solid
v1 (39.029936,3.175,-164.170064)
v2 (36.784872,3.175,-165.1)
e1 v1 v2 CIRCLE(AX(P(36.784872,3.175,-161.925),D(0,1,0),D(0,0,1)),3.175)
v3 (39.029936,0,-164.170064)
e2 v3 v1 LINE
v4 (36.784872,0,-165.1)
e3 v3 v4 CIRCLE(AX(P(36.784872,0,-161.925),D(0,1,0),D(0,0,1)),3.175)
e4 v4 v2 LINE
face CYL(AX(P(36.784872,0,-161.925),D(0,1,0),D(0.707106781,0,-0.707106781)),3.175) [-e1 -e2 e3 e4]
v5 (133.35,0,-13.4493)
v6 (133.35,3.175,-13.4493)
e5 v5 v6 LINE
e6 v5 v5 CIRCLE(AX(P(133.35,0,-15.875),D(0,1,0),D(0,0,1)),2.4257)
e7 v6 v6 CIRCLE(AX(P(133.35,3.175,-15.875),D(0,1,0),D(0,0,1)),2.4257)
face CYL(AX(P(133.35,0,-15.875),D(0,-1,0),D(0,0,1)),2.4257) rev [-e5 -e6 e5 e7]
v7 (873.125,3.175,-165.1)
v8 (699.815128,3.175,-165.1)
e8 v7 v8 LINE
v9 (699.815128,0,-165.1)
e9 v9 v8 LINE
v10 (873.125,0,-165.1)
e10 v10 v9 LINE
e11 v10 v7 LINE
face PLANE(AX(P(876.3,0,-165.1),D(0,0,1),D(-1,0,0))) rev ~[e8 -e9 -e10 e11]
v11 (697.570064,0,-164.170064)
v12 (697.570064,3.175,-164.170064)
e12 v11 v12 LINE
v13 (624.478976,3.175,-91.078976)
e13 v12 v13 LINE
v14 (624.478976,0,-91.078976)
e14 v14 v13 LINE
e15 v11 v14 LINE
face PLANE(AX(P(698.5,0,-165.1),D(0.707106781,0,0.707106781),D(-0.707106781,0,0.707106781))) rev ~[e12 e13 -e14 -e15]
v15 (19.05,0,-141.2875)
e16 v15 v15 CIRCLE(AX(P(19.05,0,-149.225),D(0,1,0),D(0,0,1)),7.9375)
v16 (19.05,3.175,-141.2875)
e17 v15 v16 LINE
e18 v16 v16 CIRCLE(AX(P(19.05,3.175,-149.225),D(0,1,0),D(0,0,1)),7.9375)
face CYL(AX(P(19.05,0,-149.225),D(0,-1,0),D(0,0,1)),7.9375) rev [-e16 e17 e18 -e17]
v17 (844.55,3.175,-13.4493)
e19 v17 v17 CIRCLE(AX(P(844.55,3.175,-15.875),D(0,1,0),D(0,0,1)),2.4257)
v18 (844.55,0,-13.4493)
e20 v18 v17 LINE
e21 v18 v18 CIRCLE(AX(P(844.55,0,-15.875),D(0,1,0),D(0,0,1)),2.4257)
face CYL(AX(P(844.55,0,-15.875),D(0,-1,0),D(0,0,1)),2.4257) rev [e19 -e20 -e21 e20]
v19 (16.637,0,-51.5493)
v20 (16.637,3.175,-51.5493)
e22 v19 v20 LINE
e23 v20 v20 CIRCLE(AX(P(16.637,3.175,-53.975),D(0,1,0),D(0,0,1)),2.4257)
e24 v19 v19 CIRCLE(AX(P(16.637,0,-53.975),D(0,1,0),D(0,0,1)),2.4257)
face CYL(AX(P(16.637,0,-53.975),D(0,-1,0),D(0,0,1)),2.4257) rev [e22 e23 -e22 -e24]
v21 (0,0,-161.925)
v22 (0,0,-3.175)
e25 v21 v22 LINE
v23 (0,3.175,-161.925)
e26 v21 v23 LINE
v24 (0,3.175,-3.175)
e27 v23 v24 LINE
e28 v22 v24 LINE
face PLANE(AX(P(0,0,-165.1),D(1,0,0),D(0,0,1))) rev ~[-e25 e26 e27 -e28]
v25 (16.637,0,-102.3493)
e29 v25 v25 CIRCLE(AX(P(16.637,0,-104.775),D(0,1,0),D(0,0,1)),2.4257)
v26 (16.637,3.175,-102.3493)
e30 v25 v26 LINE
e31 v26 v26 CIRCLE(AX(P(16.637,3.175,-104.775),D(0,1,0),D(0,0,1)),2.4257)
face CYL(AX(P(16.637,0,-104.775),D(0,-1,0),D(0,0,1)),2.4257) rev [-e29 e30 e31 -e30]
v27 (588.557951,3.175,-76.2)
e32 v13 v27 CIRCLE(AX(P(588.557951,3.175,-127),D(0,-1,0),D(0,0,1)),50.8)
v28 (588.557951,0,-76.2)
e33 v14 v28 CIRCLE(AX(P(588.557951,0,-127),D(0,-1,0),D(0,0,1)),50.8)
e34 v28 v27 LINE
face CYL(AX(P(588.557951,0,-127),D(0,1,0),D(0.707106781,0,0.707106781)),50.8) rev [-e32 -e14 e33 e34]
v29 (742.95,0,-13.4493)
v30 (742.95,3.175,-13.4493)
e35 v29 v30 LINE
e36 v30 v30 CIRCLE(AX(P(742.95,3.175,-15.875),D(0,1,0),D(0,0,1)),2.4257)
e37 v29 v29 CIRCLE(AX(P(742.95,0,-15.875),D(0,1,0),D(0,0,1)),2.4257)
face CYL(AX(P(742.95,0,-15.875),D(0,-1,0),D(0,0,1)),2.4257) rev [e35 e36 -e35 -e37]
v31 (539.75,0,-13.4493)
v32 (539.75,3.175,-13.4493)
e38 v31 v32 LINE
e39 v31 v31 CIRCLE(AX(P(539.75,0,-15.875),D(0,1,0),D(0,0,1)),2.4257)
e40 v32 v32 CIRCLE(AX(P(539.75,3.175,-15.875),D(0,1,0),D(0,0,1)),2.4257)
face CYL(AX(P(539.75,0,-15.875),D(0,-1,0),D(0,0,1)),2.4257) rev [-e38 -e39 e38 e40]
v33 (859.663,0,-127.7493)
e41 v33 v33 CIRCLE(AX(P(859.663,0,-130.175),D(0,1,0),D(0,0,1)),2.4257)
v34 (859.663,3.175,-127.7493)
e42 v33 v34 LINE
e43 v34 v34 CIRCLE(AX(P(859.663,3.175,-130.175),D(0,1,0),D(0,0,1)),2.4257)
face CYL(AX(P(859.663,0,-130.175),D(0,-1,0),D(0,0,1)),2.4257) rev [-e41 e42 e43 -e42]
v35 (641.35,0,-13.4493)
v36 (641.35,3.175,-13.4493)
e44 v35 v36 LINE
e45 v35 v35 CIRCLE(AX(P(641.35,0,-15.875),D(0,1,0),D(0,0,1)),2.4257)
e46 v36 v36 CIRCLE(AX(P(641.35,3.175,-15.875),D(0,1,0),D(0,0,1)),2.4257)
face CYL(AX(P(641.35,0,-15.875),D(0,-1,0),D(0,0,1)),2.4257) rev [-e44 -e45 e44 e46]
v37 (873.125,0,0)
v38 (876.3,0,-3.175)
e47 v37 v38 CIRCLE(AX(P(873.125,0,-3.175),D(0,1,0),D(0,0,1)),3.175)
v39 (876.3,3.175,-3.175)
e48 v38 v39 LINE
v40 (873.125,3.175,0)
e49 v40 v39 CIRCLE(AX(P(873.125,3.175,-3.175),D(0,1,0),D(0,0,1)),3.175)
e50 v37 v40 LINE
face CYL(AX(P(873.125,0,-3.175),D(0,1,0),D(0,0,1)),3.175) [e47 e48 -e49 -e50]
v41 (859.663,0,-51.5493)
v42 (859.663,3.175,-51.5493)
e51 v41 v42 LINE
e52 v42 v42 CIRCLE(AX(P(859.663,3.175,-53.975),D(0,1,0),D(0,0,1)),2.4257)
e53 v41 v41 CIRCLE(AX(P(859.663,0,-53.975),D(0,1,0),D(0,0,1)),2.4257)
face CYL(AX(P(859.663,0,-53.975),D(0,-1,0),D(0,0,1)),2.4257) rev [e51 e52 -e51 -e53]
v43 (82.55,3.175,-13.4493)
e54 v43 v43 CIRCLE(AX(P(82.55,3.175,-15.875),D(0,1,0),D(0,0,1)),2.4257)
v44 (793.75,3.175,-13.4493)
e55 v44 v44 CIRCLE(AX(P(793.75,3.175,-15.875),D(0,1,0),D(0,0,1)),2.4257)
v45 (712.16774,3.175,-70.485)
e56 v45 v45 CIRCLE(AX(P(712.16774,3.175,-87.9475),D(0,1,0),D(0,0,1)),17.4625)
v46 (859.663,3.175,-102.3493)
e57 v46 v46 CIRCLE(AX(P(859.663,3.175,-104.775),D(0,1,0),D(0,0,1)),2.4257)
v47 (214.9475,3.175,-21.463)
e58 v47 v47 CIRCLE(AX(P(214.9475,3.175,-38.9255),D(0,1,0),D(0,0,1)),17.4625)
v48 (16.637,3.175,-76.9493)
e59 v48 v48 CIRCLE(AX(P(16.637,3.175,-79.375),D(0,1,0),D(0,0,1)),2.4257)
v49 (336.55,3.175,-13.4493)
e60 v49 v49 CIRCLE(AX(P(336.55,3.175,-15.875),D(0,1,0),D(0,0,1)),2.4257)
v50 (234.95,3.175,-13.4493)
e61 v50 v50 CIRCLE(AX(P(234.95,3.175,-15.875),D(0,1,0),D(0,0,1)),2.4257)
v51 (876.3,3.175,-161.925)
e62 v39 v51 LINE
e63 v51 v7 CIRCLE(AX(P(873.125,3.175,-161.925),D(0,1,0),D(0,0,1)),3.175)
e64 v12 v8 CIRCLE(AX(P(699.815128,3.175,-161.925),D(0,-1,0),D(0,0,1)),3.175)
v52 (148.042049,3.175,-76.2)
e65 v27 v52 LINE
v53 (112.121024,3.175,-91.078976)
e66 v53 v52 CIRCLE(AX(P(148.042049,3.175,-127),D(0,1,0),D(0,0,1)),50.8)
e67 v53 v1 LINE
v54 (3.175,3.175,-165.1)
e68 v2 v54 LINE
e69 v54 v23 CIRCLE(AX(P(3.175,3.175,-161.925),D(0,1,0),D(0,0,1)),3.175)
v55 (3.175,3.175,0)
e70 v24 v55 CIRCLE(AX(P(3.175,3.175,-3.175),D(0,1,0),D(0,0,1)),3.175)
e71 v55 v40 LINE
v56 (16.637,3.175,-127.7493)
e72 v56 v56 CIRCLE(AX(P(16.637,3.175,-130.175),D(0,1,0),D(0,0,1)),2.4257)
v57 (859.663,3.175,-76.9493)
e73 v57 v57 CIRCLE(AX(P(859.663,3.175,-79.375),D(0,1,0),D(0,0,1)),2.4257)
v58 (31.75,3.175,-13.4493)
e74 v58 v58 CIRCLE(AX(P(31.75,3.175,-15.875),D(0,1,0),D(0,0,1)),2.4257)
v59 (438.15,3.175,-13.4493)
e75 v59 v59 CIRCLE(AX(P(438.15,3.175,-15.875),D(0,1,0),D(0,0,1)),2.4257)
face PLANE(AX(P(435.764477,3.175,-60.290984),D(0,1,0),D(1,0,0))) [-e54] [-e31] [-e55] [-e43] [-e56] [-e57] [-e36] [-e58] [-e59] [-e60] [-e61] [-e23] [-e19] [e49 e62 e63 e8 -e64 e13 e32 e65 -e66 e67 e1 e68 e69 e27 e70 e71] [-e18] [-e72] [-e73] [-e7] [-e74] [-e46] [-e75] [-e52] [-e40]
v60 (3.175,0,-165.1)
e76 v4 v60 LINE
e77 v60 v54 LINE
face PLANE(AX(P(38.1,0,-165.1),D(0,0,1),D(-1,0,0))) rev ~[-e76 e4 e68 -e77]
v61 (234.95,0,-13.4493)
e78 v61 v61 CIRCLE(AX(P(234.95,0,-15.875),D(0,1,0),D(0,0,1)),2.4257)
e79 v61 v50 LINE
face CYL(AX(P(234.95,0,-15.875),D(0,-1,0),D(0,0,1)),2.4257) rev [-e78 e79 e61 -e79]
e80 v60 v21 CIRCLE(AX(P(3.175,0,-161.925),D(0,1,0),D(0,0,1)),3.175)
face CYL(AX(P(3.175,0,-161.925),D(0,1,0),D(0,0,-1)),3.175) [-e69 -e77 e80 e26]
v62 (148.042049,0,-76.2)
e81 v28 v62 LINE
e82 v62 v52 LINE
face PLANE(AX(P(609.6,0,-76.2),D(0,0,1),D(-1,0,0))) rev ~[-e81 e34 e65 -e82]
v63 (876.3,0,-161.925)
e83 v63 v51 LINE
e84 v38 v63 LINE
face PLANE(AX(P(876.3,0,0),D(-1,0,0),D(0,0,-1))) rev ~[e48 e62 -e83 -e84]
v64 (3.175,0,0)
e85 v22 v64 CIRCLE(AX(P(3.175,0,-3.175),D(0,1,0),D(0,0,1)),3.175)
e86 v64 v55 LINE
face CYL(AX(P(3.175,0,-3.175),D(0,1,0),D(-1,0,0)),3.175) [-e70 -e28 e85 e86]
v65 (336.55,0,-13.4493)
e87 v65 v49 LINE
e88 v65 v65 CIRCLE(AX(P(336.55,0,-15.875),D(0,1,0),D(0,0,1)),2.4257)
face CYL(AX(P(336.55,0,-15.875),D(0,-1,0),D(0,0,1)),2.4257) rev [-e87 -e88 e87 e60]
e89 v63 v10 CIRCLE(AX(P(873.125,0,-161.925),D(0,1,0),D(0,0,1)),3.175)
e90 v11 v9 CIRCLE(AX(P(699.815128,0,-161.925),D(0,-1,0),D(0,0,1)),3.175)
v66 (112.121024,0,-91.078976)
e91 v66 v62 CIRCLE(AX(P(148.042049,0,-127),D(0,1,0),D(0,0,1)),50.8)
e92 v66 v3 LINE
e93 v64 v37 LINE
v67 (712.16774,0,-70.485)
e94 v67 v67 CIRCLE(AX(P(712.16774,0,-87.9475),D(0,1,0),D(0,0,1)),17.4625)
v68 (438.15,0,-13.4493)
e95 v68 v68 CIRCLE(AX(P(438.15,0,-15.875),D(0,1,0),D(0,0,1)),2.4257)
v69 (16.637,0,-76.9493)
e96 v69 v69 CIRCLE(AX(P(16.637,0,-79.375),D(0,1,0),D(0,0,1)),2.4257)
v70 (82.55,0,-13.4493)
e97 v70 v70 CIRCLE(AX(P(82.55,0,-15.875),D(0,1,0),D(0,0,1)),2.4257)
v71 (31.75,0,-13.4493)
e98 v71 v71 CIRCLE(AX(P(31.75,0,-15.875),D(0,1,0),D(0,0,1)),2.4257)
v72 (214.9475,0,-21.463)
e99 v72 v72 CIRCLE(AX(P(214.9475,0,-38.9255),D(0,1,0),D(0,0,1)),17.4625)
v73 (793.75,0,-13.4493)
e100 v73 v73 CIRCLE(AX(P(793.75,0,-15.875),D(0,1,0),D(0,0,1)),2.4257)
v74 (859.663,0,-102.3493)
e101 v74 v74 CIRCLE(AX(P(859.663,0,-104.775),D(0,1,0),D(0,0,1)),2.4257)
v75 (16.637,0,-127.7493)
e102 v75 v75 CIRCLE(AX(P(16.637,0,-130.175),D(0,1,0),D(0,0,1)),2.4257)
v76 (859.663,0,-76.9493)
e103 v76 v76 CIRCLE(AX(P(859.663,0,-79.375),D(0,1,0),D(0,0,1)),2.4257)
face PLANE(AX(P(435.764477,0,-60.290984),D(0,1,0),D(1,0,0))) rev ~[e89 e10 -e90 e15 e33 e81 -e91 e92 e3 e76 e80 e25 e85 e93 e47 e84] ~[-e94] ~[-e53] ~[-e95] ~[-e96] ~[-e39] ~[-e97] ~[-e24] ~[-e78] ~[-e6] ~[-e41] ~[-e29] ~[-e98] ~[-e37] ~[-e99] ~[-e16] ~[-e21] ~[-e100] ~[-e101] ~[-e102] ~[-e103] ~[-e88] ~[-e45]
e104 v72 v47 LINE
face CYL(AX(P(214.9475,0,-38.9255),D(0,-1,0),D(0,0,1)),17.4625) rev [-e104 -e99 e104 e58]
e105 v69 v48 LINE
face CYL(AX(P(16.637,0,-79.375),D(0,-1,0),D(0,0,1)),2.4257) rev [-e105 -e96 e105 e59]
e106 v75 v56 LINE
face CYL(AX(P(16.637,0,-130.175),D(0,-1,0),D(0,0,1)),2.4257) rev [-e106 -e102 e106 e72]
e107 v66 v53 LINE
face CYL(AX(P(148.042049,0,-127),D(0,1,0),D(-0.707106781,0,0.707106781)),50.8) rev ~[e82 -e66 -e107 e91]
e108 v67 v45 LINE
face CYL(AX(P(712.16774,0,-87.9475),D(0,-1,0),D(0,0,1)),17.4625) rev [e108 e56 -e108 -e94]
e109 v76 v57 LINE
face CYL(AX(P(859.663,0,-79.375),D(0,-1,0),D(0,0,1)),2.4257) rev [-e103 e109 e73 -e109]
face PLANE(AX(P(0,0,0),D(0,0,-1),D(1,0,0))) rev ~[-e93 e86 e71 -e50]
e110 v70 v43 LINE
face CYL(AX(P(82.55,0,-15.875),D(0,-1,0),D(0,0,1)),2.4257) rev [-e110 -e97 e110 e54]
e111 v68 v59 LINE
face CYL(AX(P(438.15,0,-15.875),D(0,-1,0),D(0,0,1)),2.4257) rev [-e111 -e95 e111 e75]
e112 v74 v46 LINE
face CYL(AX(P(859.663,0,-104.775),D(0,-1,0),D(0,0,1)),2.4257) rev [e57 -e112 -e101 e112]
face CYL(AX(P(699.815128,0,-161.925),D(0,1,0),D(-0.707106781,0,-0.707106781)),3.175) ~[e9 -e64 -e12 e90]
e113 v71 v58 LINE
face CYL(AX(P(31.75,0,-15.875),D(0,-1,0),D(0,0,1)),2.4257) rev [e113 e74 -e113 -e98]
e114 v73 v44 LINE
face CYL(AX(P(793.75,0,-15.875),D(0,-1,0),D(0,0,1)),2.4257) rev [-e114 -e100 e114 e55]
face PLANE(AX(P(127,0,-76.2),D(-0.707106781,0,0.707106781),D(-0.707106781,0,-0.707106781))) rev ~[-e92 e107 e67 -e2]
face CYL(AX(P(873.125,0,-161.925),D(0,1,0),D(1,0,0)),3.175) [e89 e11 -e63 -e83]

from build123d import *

# Parameters (mm, degrees)
SKETCH1_R           = 17.4625
SKETCH1_R_2         = 2.4257
SKETCH1_R_3         = 7.9375
BOSS_EXTRUDE1_DEPTH = 3.175
FILLET1_R           = 50.8
FILLET2_R           = 3.175


with BuildPart() as part:
    # Sketch1 → Boss-Extrude1 (new body)
    with BuildSketch(Plane(origin=(0, 0, 0), x_dir=(1, 0, 0), z_dir=(0, 1, 0))):
        Polygon((0, 0), (876.3, 0), (876.3, 165.1), (698.5, 165.1), (609.6, 76.2), (127, 76.2), (38.1, 165.1), (0, 165.1), align=None)
        with Locations(Location((214.9475, 38.9255, 0), (0, 0, 270))):
            Circle(SKETCH1_R, mode=Mode.SUBTRACT)
        with Locations(Location((712.16774, 87.9475, 0), (0, 0, 270))):
            Circle(SKETCH1_R, mode=Mode.SUBTRACT)
        with Locations(Location((438.15, 15.875, 0), (0, 0, 270))):
            Circle(SKETCH1_R_2, mode=Mode.SUBTRACT)
        with Locations(Location((539.75, 15.875, 0), (0, 0, 270))):
            Circle(SKETCH1_R_2, mode=Mode.SUBTRACT)
        with Locations(Location((641.35, 15.875, 0), (0, 0, 270))):
            Circle(SKETCH1_R_2, mode=Mode.SUBTRACT)
        with Locations(Location((742.95, 15.875, 0), (0, 0, 270))):
            Circle(SKETCH1_R_2, mode=Mode.SUBTRACT)
        with Locations(Location((844.55, 15.875, 0), (0, 0, 270))):
            Circle(SKETCH1_R_2, mode=Mode.SUBTRACT)
        with Locations(Location((31.75, 15.875, 0), (0, 0, 270))):
            Circle(SKETCH1_R_2, mode=Mode.SUBTRACT)
        with Locations(Location((133.35, 15.875, 0), (0, 0, 270))):
            Circle(SKETCH1_R_2, mode=Mode.SUBTRACT)
        with Locations(Location((234.95, 15.875, 0), (0, 0, 270))):
            Circle(SKETCH1_R_2, mode=Mode.SUBTRACT)
        with Locations(Location((336.55, 15.875, 0), (0, 0, 270))):
            Circle(SKETCH1_R_2, mode=Mode.SUBTRACT)
        with Locations(Location((16.637, 53.975, 0), (0, 0, 270))):
            Circle(SKETCH1_R_2, mode=Mode.SUBTRACT)
        with Locations(Location((16.637, 79.375, 0), (0, 0, 270))):
            Circle(SKETCH1_R_2, mode=Mode.SUBTRACT)
        with Locations(Location((16.637, 104.775, 0), (0, 0, 270))):
            Circle(SKETCH1_R_2, mode=Mode.SUBTRACT)
        with Locations(Location((16.637, 130.175, 0), (0, 0, 270))):
            Circle(SKETCH1_R_2, mode=Mode.SUBTRACT)
        with Locations(Location((859.663, 53.975, 0), (0, 0, 270))):
            Circle(SKETCH1_R_2, mode=Mode.SUBTRACT)
        with Locations(Location((859.663, 79.375, 0), (0, 0, 270))):
            Circle(SKETCH1_R_2, mode=Mode.SUBTRACT)
        with Locations(Location((859.663, 104.775, 0), (0, 0, 270))):
            Circle(SKETCH1_R_2, mode=Mode.SUBTRACT)
        with Locations(Location((859.663, 130.175, 0), (0, 0, 270))):
            Circle(SKETCH1_R_2, mode=Mode.SUBTRACT)
        with Locations(Location((82.55, 15.875, 0), (0, 0, 270))):
            Circle(SKETCH1_R_2, mode=Mode.SUBTRACT)
        with Locations(Location((793.75, 15.875, 0), (0, 0, 270))):
            Circle(SKETCH1_R_2, mode=Mode.SUBTRACT)
        with Locations(Location((19.05, 149.225, 0), (0, 0, 270))):
            Circle(SKETCH1_R_3, mode=Mode.SUBTRACT)
    extrude(amount=BOSS_EXTRUDE1_DEPTH)

    # Fillet1
    fillet1_edges = [part.edges().sort_by_distance(p)[0] for p in [
        (127, 1.5875, -76.2),
        (609.6, 1.5875, -76.2),
    ]]
    fillet(fillet1_edges, radius=FILLET1_R)

    # Fillet2
    fillet2_edges = [part.edges().sort_by_distance(p)[0] for p in [
        (698.5, 1.5875, -165.1),
        (876.3, 1.5875, -165.1),
        (876.3, 1.5875, 0),
        (0, 1.5875, 0),
        (0, 1.5875, -165.1),
        (38.1, 1.5875, -165.1),
    ]]
    fillet(fillet2_edges, radius=FILLET2_R)


solid = part.part
